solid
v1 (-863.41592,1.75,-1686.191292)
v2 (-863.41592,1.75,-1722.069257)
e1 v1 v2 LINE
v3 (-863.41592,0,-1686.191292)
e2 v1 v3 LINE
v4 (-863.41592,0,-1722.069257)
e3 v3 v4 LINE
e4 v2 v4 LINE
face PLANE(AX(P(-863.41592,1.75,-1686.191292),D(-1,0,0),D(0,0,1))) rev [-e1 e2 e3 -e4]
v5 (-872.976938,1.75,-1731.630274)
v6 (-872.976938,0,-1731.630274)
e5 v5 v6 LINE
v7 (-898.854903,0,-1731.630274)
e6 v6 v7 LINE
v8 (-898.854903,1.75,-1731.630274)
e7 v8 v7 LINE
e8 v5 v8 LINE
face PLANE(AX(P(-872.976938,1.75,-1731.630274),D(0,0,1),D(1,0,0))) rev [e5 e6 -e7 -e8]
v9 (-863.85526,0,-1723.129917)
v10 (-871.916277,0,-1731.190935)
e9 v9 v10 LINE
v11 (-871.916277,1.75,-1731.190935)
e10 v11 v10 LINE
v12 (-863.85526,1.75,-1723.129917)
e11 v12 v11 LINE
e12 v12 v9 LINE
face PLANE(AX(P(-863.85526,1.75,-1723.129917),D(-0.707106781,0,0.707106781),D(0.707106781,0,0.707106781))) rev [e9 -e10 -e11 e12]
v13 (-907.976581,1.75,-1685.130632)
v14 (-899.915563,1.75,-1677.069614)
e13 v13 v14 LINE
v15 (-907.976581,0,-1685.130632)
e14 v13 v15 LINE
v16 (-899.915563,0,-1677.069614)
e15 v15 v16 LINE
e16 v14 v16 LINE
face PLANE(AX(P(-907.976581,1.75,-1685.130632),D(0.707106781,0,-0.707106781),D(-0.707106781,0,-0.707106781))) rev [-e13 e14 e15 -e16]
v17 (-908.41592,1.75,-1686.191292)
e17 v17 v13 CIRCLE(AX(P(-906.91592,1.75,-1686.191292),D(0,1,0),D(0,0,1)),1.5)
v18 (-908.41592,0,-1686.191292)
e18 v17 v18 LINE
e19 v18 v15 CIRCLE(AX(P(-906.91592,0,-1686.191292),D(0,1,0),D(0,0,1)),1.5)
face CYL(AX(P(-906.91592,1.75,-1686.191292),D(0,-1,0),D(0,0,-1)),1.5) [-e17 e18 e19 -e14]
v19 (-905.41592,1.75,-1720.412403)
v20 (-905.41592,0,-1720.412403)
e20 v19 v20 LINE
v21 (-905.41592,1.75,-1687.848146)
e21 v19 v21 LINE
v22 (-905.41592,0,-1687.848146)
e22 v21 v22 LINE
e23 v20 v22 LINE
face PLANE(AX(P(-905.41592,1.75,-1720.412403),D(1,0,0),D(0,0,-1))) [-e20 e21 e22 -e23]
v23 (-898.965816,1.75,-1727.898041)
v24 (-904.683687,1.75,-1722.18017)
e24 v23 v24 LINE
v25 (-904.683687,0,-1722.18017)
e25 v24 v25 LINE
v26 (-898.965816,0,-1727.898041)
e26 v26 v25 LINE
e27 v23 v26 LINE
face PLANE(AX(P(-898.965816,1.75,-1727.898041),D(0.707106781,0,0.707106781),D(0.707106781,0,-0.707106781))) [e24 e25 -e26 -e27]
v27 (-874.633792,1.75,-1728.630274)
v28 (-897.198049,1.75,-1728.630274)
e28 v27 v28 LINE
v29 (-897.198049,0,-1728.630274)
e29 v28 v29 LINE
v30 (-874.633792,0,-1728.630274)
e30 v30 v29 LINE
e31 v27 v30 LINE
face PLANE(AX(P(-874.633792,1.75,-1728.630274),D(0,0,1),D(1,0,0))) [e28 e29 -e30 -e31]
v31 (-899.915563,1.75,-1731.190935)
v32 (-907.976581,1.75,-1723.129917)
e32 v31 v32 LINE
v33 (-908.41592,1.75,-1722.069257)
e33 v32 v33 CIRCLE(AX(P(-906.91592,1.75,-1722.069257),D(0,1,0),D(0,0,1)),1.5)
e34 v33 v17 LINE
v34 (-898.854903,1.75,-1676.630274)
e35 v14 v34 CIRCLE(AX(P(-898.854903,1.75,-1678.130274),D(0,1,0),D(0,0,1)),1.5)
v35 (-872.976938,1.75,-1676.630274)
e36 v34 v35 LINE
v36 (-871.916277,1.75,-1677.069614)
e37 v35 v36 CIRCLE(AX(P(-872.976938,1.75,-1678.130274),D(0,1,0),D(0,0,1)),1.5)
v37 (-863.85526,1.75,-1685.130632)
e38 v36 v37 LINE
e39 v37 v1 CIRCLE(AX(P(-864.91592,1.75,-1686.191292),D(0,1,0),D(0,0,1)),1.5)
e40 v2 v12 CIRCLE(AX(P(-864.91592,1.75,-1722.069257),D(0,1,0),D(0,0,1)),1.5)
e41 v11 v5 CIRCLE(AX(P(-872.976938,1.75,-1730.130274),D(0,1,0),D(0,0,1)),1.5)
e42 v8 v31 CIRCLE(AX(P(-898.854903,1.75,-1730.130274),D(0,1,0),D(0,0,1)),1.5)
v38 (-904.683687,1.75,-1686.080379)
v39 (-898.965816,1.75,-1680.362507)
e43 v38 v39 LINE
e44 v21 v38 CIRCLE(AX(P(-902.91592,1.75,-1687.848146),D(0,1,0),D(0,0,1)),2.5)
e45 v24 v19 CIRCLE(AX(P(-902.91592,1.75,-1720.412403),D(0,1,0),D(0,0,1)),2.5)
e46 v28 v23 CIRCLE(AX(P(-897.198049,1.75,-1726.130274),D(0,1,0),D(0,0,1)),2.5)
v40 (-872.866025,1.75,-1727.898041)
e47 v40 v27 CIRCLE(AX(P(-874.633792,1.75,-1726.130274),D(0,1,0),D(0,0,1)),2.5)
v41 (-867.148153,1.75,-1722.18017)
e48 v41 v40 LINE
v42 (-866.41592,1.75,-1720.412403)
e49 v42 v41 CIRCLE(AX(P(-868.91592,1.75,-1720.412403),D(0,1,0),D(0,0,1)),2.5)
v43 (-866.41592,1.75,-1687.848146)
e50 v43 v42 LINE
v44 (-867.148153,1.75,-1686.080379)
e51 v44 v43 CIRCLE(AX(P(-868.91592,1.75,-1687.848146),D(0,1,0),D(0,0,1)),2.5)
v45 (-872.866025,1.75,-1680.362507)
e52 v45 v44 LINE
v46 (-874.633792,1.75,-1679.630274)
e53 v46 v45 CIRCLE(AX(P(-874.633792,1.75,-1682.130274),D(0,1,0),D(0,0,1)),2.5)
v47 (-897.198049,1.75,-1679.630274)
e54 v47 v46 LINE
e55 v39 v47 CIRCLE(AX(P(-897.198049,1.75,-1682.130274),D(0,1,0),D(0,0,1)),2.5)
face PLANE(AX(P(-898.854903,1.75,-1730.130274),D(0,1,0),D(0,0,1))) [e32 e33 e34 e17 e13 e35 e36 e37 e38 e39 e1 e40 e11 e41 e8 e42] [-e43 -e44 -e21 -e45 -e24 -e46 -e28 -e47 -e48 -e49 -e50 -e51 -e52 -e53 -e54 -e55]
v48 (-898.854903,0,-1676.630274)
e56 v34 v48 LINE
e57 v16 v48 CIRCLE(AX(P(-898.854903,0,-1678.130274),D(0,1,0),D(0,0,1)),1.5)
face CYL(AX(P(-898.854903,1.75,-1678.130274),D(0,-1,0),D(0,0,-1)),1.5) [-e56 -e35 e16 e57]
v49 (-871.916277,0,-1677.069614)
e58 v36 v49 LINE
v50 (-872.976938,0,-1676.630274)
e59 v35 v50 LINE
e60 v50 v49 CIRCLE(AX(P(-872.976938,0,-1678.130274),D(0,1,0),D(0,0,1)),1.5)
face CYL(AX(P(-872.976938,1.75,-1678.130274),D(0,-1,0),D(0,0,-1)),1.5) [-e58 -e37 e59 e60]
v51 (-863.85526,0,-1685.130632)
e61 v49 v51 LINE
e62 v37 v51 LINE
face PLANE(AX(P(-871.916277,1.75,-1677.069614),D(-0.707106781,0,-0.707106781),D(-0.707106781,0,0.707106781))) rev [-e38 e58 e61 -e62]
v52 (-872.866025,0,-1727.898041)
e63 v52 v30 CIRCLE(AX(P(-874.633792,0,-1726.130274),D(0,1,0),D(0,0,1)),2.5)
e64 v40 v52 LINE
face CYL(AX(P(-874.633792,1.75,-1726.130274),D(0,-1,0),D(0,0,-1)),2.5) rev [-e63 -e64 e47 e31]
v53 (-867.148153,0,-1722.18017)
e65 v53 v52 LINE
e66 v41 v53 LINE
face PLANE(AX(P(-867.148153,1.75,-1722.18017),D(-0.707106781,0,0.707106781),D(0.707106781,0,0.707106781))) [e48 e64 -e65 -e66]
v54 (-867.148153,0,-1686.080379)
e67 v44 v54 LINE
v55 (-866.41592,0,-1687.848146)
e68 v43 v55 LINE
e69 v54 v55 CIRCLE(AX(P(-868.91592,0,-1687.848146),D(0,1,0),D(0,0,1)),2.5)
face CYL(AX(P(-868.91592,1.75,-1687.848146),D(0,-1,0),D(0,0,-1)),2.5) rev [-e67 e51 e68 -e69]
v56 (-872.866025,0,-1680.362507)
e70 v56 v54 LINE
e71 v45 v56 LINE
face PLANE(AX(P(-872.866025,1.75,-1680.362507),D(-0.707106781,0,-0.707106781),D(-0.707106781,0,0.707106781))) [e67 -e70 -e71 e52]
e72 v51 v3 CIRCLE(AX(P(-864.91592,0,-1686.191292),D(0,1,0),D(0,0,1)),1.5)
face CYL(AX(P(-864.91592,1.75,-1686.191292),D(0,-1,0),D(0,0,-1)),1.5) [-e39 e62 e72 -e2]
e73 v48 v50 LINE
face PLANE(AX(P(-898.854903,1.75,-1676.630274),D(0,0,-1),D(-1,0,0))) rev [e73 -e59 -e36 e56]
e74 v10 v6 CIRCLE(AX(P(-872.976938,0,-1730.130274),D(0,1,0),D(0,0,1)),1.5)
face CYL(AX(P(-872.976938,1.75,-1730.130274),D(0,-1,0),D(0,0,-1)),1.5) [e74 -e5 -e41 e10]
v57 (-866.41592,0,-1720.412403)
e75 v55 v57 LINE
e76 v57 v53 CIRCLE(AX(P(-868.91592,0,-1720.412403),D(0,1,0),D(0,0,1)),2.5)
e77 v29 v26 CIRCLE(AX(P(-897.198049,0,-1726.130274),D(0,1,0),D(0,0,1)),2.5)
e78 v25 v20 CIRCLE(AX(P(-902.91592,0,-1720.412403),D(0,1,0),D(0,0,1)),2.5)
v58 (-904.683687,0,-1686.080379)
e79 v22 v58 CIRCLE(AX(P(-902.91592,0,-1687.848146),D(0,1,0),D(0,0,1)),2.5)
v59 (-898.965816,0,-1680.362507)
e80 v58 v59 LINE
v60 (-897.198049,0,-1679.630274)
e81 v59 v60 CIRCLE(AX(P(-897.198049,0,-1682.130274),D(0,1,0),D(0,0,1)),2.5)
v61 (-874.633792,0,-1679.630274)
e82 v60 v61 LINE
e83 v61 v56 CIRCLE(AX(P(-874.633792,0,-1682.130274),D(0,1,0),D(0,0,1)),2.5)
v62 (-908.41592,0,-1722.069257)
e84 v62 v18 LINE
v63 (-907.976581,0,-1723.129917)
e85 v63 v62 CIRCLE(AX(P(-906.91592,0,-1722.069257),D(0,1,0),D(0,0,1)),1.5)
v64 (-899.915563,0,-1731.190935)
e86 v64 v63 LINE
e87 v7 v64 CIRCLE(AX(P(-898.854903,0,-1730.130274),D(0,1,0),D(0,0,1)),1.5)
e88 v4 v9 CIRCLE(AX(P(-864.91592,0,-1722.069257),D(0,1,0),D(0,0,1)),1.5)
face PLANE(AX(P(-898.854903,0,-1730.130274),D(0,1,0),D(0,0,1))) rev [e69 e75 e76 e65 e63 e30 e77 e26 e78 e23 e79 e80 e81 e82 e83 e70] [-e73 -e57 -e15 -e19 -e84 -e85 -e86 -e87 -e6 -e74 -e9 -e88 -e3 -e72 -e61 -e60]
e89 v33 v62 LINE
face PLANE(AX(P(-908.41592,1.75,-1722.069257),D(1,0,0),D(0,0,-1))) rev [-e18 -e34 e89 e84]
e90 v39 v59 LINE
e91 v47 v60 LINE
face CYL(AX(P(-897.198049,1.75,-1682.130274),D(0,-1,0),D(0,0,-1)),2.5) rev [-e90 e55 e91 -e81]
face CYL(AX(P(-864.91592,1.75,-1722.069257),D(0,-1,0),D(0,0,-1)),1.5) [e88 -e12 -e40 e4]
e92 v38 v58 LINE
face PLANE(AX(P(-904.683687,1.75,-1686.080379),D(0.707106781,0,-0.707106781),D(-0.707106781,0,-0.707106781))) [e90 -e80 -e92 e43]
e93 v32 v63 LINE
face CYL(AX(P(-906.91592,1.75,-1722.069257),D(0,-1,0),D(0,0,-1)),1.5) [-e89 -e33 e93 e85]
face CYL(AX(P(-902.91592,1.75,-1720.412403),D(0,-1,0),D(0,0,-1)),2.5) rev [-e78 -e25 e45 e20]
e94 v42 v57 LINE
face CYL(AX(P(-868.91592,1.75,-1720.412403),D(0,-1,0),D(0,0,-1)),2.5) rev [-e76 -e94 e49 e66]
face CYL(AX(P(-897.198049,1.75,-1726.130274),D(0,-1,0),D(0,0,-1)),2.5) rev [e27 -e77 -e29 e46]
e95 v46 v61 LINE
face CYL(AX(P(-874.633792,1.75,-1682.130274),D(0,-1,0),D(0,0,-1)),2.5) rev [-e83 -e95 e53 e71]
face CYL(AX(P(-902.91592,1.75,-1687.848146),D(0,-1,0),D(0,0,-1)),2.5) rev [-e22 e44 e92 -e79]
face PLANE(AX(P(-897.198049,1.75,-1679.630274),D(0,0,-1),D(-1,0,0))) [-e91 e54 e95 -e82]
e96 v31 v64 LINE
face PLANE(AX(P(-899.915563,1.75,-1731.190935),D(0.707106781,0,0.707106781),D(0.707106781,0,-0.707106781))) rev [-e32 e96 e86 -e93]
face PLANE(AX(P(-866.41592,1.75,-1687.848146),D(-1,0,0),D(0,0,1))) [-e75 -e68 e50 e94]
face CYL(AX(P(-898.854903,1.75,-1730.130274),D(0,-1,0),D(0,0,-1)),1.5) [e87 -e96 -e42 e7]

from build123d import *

# Parameters (mm, degrees)
BOSS_EXTRUDE1_DEPTH = 1.75


with BuildPart() as part:
    # Sketch1 → Boss-Extrude1 (new body)
    with BuildSketch(Plane(origin=(-905.783657891, 0, -1752.480725949), x_dir=(1, 0, 0), z_dir=(0, 1, 0))):
        with BuildLine():
            Line((5.86809467, -21.289791394), (-2.192922636, -29.3508087))
            ThreePointArc((-2.192922636, -29.3508087), (-2.518081763, -29.837443723), (-2.632262464, -30.411468871))
            Line((-2.632262464, -30.411468871), (-2.632262464, -66.28943426))
            ThreePointArc((-2.632262464, -66.28943426), (-2.518081763, -66.863459408), (-2.192922636, -67.350094431))
            Line((-2.192922636, -67.350094431), (5.86809467, -75.411111737))
            ThreePointArc((5.86809467, -75.411111737), (6.354729693, -75.736270864), (6.928754842, -75.850451566))
            Line((6.928754842, -75.850451566), (32.80672023, -75.850451566))
            ThreePointArc((32.80672023, -75.850451566), (33.380745379, -75.736270864), (33.867380402, -75.411111737))
            Line((33.867380402, -75.411111737), (41.928397708, -67.350094431))
            ThreePointArc((41.928397708, -67.350094431), (42.253556835, -66.863459408), (42.367737536, -66.28943426))
            Line((42.367737536, -66.28943426), (42.367737536, -30.411468871))
            ThreePointArc((42.367737536, -30.411468871), (42.253556835, -29.837443723), (41.928397708, -29.3508087))
            Line((41.928397708, -29.3508087), (33.867380402, -21.289791394))
            ThreePointArc((33.867380402, -21.289791394), (33.380745379, -20.964632267), (32.80672023, -20.850451566))
            Line((32.80672023, -20.850451566), (6.928754842, -20.850451566))
            ThreePointArc((6.928754842, -20.850451566), (6.354729693, -20.964632267), (5.86809467, -21.289791394))
        make_face()
        with BuildLine():
            Line((6.817842138, -24.582684613), (1.099970583, -30.300556168))
            ThreePointArc((1.099970583, -30.300556168), (0.558038705, -31.11161454), (0.367737536, -32.068323121))
            Line((0.367737536, -32.068323121), (0.367737536, -64.63258001))
            ThreePointArc((0.367737536, -64.63258001), (0.558038705, -65.589288591), (1.099970583, -66.400346963))
            Line((1.099970583, -66.400346963), (6.817842138, -72.118218519))
            ThreePointArc((6.817842138, -72.118218519), (7.62890051, -72.660150397), (8.585609091, -72.850451566))
            Line((8.585609091, -72.850451566), (31.149865981, -72.850451566))
            ThreePointArc((31.149865981, -72.850451566), (32.106574562, -72.660150397), (32.917632934, -72.118218519))
            Line((32.917632934, -72.118218519), (38.635504489, -66.400346963))
            ThreePointArc((38.635504489, -66.400346963), (39.177436367, -65.589288591), (39.367737536, -64.63258001))
            Line((39.367737536, -64.63258001), (39.367737536, -32.068323121))
            ThreePointArc((39.367737536, -32.068323121), (39.177436367, -31.11161454), (38.635504489, -30.300556168))
            Line((38.635504489, -30.300556168), (32.917632934, -24.582684613))
            ThreePointArc((32.917632934, -24.582684613), (32.106574562, -24.040752734), (31.149865981, -23.850451566))
            Line((31.149865981, -23.850451566), (8.585609091, -23.850451566))
            ThreePointArc((8.585609091, -23.850451566), (7.62890051, -24.040752734), (6.817842138, -24.582684613))
        make_face(mode=Mode.SUBTRACT)
    extrude(amount=BOSS_EXTRUDE1_DEPTH)


solid = part.part
